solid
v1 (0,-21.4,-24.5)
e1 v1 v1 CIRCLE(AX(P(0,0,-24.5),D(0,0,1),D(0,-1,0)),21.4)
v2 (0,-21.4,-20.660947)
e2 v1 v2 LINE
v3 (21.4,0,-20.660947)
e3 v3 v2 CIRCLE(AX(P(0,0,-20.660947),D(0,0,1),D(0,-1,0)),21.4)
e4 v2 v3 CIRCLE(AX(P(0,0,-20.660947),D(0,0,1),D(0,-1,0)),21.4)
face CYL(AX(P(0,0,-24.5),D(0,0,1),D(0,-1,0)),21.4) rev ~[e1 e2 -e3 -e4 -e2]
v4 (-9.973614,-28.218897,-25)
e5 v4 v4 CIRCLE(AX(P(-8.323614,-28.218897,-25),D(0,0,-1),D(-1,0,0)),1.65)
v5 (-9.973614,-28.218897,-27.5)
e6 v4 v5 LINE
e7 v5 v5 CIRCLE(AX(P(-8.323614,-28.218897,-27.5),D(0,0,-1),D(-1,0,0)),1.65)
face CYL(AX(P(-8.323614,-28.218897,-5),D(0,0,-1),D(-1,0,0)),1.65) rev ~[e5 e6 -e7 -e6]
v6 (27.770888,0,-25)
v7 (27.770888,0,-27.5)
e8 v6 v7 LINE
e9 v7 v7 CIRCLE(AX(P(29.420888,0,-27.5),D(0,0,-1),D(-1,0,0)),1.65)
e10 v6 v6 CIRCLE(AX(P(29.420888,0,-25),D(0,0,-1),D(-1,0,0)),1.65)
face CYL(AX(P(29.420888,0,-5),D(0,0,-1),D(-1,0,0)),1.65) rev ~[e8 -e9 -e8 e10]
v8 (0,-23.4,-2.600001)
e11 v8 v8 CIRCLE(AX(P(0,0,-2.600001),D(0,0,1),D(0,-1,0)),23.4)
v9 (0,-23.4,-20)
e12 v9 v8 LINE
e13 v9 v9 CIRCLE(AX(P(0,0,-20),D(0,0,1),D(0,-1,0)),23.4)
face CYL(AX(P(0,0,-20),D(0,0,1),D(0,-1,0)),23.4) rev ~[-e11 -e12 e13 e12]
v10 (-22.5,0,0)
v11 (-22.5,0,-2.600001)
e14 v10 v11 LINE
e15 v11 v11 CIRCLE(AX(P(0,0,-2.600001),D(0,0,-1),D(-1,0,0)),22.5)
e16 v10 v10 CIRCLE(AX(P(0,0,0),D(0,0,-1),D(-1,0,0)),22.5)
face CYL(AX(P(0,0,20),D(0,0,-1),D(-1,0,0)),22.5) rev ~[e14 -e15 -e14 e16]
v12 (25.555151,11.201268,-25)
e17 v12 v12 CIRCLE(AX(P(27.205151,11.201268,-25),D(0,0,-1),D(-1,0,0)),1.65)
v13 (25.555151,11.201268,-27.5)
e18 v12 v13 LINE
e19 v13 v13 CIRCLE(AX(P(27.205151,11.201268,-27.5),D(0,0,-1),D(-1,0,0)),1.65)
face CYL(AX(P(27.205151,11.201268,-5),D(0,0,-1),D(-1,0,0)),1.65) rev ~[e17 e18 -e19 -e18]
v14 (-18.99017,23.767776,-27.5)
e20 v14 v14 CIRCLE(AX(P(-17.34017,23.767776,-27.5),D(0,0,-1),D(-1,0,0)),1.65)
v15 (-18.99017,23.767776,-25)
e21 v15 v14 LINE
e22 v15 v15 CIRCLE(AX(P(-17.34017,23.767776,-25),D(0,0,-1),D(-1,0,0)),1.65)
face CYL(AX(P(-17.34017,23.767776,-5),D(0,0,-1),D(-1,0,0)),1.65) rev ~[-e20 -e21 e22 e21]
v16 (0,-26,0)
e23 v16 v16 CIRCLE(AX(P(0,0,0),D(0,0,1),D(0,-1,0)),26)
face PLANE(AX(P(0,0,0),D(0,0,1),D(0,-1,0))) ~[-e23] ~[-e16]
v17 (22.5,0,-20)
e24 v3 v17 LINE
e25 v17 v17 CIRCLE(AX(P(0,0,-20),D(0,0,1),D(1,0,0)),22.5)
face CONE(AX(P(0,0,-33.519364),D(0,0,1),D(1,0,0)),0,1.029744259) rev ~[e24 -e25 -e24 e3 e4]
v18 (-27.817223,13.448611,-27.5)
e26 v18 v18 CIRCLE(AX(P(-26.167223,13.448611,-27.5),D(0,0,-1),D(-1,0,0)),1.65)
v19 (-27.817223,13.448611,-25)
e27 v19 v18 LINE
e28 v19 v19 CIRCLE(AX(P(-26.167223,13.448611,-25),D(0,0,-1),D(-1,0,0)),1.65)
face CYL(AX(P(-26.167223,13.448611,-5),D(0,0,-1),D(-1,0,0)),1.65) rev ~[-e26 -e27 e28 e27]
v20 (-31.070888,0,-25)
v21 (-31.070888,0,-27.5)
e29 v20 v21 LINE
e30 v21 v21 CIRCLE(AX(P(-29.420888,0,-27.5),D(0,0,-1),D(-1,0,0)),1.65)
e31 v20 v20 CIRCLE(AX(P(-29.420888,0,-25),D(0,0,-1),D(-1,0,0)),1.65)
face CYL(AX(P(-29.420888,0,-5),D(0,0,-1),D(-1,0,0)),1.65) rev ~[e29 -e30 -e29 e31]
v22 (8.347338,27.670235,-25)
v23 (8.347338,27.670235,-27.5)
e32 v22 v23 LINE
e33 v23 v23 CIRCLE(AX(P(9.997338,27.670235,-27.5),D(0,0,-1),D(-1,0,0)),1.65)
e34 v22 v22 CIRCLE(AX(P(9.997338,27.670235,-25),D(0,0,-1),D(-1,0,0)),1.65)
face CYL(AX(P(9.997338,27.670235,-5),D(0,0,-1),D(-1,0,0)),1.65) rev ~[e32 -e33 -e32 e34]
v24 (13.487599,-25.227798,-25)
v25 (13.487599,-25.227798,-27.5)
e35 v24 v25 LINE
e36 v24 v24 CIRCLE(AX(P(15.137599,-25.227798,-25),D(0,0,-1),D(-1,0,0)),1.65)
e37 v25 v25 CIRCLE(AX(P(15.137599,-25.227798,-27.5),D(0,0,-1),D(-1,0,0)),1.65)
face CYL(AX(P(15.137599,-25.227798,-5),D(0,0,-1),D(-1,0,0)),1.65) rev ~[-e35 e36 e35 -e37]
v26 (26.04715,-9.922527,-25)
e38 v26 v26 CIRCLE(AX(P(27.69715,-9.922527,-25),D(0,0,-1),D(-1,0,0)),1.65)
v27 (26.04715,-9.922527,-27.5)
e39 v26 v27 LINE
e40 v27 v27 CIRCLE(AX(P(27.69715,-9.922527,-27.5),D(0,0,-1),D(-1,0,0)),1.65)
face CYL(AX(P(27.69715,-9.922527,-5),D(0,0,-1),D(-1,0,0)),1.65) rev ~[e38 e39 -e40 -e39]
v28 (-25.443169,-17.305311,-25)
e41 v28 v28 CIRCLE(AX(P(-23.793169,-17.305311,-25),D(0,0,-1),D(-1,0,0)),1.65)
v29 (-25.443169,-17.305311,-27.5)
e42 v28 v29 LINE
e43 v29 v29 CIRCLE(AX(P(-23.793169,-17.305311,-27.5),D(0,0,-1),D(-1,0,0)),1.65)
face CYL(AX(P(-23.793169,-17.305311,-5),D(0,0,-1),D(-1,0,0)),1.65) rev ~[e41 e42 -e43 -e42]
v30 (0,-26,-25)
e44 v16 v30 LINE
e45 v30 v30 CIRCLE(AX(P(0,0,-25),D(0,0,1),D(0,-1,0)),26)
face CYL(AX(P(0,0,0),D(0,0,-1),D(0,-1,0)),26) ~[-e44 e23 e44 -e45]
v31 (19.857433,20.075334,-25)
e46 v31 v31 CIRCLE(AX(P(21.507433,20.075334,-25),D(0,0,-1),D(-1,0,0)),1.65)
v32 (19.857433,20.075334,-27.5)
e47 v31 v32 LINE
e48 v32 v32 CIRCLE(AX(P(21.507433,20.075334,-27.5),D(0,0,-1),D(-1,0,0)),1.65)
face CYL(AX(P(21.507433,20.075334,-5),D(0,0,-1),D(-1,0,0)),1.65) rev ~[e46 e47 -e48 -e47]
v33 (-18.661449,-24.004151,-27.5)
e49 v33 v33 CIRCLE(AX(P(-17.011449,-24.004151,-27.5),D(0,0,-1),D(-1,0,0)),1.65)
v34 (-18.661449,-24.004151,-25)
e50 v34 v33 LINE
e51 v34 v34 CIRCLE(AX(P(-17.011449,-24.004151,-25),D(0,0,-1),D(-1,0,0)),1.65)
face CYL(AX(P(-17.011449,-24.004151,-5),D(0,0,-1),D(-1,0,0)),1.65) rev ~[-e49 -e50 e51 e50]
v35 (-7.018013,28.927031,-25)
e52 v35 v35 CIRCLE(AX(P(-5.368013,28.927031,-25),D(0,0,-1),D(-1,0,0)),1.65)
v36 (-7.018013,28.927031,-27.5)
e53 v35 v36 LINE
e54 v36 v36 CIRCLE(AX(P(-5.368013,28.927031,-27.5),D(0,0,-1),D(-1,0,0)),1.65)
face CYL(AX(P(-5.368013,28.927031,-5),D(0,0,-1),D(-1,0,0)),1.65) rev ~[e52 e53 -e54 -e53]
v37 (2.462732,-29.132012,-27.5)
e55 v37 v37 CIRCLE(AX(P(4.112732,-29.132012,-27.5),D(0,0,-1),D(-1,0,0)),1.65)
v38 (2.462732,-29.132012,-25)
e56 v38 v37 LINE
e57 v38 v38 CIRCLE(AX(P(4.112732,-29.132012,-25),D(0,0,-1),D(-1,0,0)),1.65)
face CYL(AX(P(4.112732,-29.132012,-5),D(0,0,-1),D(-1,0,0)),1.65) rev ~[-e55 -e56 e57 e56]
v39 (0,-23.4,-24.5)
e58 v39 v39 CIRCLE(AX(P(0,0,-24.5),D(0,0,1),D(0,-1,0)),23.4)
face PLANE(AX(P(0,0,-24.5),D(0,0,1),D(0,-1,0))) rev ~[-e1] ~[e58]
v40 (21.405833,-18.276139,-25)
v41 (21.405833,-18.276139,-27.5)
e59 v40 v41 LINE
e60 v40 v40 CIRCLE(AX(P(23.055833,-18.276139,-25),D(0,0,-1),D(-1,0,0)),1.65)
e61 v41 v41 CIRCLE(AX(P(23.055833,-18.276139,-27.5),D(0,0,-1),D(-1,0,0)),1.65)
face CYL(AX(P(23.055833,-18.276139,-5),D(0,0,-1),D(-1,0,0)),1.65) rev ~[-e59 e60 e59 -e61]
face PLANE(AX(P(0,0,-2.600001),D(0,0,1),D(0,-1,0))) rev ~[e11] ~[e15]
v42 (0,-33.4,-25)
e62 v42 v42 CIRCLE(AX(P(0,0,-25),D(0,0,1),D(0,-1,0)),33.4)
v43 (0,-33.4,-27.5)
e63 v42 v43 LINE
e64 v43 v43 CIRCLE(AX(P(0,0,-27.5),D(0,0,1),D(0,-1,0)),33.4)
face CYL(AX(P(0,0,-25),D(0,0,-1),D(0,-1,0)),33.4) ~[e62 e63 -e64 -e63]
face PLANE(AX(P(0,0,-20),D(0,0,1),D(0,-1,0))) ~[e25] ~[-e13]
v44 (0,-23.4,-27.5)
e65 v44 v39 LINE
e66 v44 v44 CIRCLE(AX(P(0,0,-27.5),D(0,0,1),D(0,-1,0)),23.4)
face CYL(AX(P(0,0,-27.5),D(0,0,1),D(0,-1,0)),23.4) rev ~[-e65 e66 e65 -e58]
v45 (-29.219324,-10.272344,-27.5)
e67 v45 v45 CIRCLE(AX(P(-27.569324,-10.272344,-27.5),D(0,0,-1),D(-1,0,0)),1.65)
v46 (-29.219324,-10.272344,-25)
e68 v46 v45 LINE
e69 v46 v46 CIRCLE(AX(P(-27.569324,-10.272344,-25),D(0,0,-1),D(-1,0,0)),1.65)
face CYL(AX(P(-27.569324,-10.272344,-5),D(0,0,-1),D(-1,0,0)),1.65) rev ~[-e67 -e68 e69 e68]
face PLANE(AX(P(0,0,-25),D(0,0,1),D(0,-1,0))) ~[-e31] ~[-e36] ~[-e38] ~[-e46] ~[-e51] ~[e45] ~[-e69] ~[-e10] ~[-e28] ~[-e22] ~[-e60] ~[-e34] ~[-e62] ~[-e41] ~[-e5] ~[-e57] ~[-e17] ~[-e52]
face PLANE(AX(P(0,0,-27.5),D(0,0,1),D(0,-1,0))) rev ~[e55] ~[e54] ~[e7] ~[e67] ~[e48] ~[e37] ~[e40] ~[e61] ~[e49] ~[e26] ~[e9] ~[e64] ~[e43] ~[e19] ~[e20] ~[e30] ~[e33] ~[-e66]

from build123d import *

# Parameters (mm, degrees)
F3_D     = 45
F3_DEPTH = 20
F3_TIP   = 13.5193639281
F5_D     = 3.3
F5_DEPTH = 20
F5_TIP   = 0.9914200214


with BuildPart() as f1:
    # F0 (on Right) → F1 (revolve)
    with BuildSketch(Plane.YZ):
        Polygon((0, -2.6000006461), (0, 0), (-26, 0), (-26, -25), (-33.4, -25), (-33.4, -27.5), (-23.4, -27.5), (-23.4, -24.5), (-21.4, -24.5), (-21.4, -20), (-23.4, -20), (-23.4, -2.6000006461), align=None)
    revolve(axis=Axis((0, 0, -1.300000323), (0, 0, 1)))

    # F3
    with Locations(Plane.XY):
        with Locations((0, 0)):
            Hole(F3_D / 2, depth=F3_DEPTH)
            with Locations((0, 0, -(F3_DEPTH + F3_TIP / 2))):  # 118° drill point
                Cone(0, F3_D / 2, F3_TIP, mode=Mode.SUBTRACT)

    # F5
    with Locations(Plane.XY.offset(-25)):
        with Locations((-26.1672226652, 13.4486109676), (-17.3401695769, 23.7677764633), (-5.3680126756, 28.9270309378), (9.997338267, 27.6702350286), (21.5074325556, 20.0753337165), (27.2051514467, 11.2012683982), (29.4208884802, 0), (27.6971504759, -9.9225266177), (23.0558330823, -18.2761385376), (15.1375992814, -25.2277975051), (4.1127317731, -29.1320118826), (-8.323613721, -28.2188967465), (-17.0114493372, -24.0041511079), (-23.7931689823, -17.3053109983), (-29.4208884802, 0), (-27.5693241627, -10.2723436556)):
            Hole(F5_D / 2, depth=F5_DEPTH)
            with Locations((0, 0, -(F5_DEPTH + F5_TIP / 2))):  # 118° drill point
                Cone(0, F5_D / 2, F5_TIP, mode=Mode.SUBTRACT)


solid = f1.part
